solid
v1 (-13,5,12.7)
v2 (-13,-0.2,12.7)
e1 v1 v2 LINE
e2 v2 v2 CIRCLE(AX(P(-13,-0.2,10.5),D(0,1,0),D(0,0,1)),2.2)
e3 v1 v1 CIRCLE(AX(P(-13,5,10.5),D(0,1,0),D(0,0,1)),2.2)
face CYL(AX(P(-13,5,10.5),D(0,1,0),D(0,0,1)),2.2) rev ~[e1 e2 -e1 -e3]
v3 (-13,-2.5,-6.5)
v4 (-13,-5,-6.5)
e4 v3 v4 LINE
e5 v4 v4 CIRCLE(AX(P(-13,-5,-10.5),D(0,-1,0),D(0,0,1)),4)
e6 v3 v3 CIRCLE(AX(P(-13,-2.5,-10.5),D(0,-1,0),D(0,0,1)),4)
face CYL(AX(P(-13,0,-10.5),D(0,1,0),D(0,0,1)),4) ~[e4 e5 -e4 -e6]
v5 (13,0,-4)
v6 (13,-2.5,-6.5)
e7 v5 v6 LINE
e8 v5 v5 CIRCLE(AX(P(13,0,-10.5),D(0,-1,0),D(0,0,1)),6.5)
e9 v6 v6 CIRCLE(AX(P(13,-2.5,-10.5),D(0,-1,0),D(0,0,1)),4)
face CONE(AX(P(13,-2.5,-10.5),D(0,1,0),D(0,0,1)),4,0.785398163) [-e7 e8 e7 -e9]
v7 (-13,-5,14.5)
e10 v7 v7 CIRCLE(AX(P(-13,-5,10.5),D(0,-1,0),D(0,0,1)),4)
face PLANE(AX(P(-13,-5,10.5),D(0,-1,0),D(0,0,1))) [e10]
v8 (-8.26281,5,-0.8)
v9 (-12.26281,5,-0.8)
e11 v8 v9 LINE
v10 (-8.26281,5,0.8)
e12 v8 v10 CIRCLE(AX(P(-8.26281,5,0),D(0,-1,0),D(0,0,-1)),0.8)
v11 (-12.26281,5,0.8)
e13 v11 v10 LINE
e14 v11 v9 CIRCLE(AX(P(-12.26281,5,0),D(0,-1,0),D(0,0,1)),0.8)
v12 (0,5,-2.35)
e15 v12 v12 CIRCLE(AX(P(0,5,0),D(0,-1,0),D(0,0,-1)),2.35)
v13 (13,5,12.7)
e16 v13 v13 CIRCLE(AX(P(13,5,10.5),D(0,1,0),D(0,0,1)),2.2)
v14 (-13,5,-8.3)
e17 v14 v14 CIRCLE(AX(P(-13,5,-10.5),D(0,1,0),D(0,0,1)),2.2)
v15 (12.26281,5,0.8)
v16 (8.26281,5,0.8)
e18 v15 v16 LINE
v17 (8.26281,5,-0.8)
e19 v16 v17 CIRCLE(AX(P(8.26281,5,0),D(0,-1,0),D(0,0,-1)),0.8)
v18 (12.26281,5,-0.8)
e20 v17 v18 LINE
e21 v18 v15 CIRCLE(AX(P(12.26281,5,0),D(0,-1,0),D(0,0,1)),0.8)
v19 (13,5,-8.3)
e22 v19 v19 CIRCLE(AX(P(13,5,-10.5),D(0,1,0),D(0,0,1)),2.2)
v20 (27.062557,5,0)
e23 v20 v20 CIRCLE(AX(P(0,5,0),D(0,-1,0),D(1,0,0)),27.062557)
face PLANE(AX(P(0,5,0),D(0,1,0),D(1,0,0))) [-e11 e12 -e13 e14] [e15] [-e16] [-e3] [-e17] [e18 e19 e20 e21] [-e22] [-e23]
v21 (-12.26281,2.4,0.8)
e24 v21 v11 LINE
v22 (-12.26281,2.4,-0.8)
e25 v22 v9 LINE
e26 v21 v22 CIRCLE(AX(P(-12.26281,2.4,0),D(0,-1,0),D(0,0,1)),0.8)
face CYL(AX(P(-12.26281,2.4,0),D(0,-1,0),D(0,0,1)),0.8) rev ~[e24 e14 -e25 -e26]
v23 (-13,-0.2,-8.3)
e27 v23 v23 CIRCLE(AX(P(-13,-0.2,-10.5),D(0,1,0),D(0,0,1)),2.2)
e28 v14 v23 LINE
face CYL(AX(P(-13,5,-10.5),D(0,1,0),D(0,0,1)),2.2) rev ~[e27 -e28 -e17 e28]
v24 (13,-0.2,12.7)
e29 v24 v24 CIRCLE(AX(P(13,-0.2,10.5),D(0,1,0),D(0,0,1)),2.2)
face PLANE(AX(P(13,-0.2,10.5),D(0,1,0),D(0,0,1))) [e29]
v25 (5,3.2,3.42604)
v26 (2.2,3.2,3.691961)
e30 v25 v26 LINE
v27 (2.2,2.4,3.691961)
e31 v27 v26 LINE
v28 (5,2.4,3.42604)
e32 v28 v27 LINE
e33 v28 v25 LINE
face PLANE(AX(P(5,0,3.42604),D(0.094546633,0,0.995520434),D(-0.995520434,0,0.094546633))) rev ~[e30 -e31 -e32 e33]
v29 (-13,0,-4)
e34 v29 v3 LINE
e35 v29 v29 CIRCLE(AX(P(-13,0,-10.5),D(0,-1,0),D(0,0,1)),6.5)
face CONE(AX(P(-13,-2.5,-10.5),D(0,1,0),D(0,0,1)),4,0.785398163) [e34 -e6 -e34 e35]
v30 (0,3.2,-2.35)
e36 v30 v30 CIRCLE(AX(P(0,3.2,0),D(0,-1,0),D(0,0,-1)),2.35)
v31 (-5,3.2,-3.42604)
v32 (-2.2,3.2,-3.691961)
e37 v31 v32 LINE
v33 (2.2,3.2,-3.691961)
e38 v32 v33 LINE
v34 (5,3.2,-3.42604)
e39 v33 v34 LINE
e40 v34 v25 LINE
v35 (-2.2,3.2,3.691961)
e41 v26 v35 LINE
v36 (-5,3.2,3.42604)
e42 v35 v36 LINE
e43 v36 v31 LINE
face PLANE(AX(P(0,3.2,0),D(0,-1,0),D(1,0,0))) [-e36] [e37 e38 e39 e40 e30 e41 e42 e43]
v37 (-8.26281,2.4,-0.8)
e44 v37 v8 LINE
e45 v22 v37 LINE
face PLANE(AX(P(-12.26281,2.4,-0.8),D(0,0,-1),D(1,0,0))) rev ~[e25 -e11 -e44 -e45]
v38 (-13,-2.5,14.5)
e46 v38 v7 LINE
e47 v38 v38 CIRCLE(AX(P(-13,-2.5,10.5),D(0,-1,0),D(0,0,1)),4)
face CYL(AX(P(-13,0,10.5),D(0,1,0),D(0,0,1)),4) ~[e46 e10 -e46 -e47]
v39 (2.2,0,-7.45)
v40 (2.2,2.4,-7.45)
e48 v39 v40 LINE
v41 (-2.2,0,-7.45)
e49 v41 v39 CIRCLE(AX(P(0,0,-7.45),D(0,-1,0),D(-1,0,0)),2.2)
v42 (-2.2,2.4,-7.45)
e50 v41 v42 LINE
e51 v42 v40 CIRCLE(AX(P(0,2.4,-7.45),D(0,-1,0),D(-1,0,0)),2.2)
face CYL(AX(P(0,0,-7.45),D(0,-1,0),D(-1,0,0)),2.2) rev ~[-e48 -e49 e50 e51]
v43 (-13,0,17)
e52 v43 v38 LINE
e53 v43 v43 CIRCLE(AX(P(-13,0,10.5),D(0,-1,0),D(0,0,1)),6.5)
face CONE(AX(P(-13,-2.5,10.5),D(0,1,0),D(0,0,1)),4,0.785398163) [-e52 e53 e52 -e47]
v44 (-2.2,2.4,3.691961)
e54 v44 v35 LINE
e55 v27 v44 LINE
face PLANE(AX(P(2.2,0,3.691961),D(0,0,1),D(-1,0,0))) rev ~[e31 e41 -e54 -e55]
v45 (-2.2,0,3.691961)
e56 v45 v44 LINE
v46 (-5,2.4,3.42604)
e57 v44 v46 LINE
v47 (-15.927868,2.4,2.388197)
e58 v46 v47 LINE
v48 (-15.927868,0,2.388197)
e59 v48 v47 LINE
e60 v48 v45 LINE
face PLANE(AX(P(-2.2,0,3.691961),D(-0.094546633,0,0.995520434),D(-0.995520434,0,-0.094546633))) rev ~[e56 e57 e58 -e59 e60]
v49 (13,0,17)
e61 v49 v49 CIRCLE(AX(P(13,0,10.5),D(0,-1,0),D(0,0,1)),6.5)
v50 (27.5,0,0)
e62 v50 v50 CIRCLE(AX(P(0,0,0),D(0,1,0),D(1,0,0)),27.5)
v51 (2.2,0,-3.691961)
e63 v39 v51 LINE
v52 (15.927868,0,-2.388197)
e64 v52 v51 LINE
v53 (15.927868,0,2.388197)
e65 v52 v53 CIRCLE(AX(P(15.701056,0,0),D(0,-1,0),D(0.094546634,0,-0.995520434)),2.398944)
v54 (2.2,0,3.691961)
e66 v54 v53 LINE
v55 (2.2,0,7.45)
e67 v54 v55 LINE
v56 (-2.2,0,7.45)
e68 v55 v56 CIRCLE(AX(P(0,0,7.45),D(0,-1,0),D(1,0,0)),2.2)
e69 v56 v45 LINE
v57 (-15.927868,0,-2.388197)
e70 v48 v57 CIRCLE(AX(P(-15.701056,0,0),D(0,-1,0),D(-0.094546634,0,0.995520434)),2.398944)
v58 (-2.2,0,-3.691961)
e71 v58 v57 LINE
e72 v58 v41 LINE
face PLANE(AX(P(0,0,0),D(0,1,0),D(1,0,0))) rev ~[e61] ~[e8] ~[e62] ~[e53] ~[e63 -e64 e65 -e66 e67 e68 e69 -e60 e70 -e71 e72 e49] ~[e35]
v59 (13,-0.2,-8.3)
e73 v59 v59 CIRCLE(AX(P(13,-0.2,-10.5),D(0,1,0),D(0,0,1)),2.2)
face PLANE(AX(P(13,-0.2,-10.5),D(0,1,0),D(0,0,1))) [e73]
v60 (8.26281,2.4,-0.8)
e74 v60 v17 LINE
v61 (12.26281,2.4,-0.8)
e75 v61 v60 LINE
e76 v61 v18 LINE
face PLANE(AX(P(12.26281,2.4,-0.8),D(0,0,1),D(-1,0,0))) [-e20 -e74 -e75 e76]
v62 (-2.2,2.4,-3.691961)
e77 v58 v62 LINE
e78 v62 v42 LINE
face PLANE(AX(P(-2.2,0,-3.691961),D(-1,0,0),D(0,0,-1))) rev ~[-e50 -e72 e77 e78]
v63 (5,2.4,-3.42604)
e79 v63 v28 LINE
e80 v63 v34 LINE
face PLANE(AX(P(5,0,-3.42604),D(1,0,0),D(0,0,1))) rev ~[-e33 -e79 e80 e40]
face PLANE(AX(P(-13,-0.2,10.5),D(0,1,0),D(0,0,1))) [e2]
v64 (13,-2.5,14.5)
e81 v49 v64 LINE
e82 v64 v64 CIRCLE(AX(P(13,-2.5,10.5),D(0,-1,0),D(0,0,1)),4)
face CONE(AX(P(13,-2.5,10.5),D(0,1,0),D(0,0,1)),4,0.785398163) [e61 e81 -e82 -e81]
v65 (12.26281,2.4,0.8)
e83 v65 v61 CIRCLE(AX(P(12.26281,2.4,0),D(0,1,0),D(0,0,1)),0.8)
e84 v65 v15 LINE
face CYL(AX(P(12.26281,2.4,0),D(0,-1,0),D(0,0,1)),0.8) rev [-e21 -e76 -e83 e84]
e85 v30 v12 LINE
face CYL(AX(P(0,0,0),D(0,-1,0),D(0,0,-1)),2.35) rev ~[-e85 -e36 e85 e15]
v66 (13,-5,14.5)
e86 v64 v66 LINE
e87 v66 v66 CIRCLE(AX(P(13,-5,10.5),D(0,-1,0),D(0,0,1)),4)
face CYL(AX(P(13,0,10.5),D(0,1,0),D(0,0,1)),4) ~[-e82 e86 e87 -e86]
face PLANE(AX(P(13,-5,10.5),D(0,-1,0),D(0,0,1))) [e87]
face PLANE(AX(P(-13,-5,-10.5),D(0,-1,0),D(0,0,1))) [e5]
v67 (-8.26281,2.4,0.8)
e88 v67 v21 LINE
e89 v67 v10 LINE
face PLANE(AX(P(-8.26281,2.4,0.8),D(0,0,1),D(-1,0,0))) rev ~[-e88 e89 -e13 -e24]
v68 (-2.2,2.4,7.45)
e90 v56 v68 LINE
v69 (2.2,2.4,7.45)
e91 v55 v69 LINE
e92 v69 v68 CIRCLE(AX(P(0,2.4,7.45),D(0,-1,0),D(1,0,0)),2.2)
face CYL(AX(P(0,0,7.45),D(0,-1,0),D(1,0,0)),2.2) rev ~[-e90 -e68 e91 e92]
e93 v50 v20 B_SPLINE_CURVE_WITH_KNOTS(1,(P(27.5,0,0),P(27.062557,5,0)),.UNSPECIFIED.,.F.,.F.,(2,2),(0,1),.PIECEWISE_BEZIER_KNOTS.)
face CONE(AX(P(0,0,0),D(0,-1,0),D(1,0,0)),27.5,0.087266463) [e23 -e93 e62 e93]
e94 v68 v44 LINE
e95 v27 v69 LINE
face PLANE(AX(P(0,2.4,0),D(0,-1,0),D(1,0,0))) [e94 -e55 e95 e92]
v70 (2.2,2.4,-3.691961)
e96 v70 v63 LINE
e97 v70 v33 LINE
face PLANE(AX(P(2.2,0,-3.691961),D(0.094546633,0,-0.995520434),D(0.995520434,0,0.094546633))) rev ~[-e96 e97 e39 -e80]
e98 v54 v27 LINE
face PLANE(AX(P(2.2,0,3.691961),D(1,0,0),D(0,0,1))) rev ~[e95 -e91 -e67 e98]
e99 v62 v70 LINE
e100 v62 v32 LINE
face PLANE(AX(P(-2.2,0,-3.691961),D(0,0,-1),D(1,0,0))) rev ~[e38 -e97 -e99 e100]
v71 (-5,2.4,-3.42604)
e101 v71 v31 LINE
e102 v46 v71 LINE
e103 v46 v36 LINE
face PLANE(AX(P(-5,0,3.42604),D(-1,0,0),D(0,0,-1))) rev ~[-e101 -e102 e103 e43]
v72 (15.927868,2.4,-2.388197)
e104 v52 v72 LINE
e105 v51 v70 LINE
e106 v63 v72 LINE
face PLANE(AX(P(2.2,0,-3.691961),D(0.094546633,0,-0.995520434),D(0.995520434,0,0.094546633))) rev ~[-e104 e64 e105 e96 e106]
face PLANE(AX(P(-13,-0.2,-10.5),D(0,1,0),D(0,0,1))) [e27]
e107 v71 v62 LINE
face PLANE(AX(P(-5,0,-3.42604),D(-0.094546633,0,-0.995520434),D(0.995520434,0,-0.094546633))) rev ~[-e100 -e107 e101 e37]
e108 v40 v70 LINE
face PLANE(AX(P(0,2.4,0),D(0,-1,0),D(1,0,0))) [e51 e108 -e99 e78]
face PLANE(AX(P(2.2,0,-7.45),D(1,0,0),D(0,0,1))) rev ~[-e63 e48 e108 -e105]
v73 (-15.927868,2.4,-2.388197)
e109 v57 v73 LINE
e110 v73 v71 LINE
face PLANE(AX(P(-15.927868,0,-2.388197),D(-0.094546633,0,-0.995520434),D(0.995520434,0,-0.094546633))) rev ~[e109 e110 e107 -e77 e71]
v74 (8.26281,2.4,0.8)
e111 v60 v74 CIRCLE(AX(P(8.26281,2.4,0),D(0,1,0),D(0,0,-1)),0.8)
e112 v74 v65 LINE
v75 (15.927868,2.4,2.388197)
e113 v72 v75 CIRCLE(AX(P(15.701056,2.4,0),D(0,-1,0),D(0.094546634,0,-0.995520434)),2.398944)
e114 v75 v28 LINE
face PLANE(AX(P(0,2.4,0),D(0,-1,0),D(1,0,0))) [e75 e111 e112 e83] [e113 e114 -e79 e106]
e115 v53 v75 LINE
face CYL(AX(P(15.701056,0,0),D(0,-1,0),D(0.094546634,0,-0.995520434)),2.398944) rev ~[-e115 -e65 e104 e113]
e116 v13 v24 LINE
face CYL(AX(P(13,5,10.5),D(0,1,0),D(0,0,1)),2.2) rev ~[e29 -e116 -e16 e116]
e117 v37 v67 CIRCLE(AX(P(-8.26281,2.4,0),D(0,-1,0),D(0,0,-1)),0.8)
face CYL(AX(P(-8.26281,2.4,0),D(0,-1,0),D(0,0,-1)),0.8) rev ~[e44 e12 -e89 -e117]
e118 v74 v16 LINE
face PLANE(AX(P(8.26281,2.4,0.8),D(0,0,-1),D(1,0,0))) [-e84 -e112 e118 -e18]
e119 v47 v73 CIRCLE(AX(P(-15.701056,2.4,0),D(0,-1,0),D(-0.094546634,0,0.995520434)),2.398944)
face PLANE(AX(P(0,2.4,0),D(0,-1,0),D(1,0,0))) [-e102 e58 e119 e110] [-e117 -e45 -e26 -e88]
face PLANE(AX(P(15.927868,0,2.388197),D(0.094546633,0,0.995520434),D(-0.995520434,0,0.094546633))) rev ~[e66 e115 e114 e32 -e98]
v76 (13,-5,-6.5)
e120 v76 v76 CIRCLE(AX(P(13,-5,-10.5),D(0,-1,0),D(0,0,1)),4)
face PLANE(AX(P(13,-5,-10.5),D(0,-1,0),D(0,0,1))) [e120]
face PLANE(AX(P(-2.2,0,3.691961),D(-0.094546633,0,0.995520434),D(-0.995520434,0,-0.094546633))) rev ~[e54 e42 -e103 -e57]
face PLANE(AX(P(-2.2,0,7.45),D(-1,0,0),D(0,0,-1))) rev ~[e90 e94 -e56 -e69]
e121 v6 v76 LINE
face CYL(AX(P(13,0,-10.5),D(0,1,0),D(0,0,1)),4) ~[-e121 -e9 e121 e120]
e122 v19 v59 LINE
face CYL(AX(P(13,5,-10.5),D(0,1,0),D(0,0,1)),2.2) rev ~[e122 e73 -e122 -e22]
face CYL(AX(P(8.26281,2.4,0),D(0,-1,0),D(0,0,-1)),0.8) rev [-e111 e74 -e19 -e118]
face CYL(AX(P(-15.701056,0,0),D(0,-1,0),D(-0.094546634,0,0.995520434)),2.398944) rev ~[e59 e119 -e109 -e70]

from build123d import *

# Parameters (mm, degrees)
IZIM2_R                     = 27.5
Y_KSEKLIK_EKSTR_ZYON1_DEPTH = 5
Y_KSEKLIK_EKSTR_ZYON1_TAPER = 5
IZIM4_R                     = 3.625
KES_EKSTR_ZYON1_DEPTH       = 2.4
IZIM4_3_R                   = 2.35
KES_EKSTR_ZYON2_DEPTH       = 14
KES_EKSTR_ZYON3_DEPTH       = 3.2
KES_EKSTR_ZYON4_DEPTH       = 3.5
SKETCH1_R                   = 4
BOSS_EXTRUDE1_DEPTH         = 5
SKETCH3_R                   = 2.2
CUT_EXTRUDE1_DEPTH          = 5.2
CHAMFER1_SIZE               = 2.5


with BuildPart() as part:
    # Çizim2 → Yükseklik-Ekstrüzyon1 (new body)
    with BuildSketch(Plane(origin=(0, 0, 0), x_dir=(1, 0, 0), z_dir=(0, 1, 0))):
        Circle(IZIM2_R)
    extrude(amount=Y_KSEKLIK_EKSTR_ZYON1_DEPTH, taper=Y_KSEKLIK_EKSTR_ZYON1_TAPER)

    # Çizim4 → Kes-Ekstrüzyon1 (cut)
    with BuildSketch(Plane.XZ):
        with BuildLine():
            ThreePointArc((15.927868459, -2.388197354), (18.1, 0), (15.927868459, 2.388197354))
            Line((15.927868459, 2.388197354), (2.2, 3.691961397))
            Line((2.2, 3.691961397), (2.2, 7.45))
            ThreePointArc((2.2, 7.45), (0, 9.65), (-2.2, 7.45))
            Line((-2.2, 7.45), (-2.2, 3.691961397))
            Line((-2.2, 3.691961397), (-15.927868459, 2.388197354))
            ThreePointArc((-15.927868459, 2.388197354), (-18.1, 0), (-15.927868459, -2.388197354))
            Line((-15.927868459, -2.388197354), (-2.2, -3.691961397))
            Line((-2.2, -3.691961397), (-2.2, -7.45))
            ThreePointArc((-2.2, -7.45), (0, -9.65), (2.2, -7.45))
            Line((2.2, -7.45), (2.2, -3.691961397))
            Line((2.2, -3.691961397), (15.927868459, -2.388197354))
        make_face()
        Circle(IZIM4_R, mode=Mode.SUBTRACT)
    extrude(amount=-KES_EKSTR_ZYON1_DEPTH, mode=Mode.SUBTRACT)

    # Çizim4<3> → Kes-Ekstrüzyon2 (cut)
    with BuildSketch(Plane.XZ):
        Circle(IZIM4_3_R)
    extrude(amount=-KES_EKSTR_ZYON2_DEPTH, mode=Mode.SUBTRACT)

    # Çizim8 → Kes-Ekstrüzyon3 (cut)
    with BuildSketch(Plane.XZ):
        Polygon((-5, 3.426039609), (-5, -3.426039609), (-2.2, -3.691961397), (2.2, -3.691961397), (5, -3.426039609), (5, 3.426039609), (2.2, 3.691961397), (-2.2, 3.691961397), align=None)
    extrude(amount=-KES_EKSTR_ZYON3_DEPTH, mode=Mode.SUBTRACT)

    # Çizim9 → Kes-Ekstrüzyon4 (cut)
    with BuildSketch(Plane.XZ.offset(-2.4)):
        with BuildLine():
            Line((12.262809511, -0.8), (8.262809511, -0.8))
            ThreePointArc((8.262809511, -0.8), (7.462809511, 0), (8.262809511, 0.8))
            Line((8.262809511, 0.8), (12.262809511, 0.8))
            ThreePointArc((12.262809511, 0.8), (13.062809511, 0), (12.262809511, -0.8))
        make_face()
        with BuildLine():
            Line((-12.262809511, -0.8), (-8.262809511, -0.8))
            ThreePointArc((-8.262809511, -0.8), (-7.462809511, 0), (-8.262809511, 0.8))
            Line((-8.262809511, 0.8), (-12.262809511, 0.8))
            ThreePointArc((-12.262809511, 0.8), (-13.062809511, 0), (-12.262809511, -0.8))
        make_face()
    extrude(amount=-KES_EKSTR_ZYON4_DEPTH, mode=Mode.SUBTRACT)

    # Sketch1 → Boss-Extrude1 (add)
    with BuildSketch(Plane.XZ):
        with Locations((-13, 10.5)):
            Circle(SKETCH1_R)
        with Locations((13, 10.5)):
            Circle(SKETCH1_R)
        with Locations((13, -10.5)):
            Circle(SKETCH1_R)
        with Locations((-13, -10.5)):
            Circle(SKETCH1_R)
    extrude(amount=BOSS_EXTRUDE1_DEPTH)

    # Sketch3 → Cut-Extrude1 (cut)
    with BuildSketch(Plane(origin=(0, 5, 0), x_dir=(1, 0, 0), z_dir=(0, 1, 0))):
        with Locations((13, 10.5)):
            Circle(SKETCH3_R)
        with Locations((-13, 10.5)):
            Circle(SKETCH3_R)
        with Locations((-13, -10.5)):
            Circle(SKETCH3_R)
        with Locations((13, -10.5)):
            Circle(SKETCH3_R)
    extrude(amount=-CUT_EXTRUDE1_DEPTH, mode=Mode.SUBTRACT)

    # Chamfer1
    chamfer1_edges = [part.edges().sort_by_distance(p)[0] for p in [
        (-17, 0, -10.5),
        (9, 0, -10.5),
        (9, 0, 10.5),
        (-17, 0, 10.5),
    ]]
    chamfer(chamfer1_edges, length=CHAMFER1_SIZE)


solid = part.part
